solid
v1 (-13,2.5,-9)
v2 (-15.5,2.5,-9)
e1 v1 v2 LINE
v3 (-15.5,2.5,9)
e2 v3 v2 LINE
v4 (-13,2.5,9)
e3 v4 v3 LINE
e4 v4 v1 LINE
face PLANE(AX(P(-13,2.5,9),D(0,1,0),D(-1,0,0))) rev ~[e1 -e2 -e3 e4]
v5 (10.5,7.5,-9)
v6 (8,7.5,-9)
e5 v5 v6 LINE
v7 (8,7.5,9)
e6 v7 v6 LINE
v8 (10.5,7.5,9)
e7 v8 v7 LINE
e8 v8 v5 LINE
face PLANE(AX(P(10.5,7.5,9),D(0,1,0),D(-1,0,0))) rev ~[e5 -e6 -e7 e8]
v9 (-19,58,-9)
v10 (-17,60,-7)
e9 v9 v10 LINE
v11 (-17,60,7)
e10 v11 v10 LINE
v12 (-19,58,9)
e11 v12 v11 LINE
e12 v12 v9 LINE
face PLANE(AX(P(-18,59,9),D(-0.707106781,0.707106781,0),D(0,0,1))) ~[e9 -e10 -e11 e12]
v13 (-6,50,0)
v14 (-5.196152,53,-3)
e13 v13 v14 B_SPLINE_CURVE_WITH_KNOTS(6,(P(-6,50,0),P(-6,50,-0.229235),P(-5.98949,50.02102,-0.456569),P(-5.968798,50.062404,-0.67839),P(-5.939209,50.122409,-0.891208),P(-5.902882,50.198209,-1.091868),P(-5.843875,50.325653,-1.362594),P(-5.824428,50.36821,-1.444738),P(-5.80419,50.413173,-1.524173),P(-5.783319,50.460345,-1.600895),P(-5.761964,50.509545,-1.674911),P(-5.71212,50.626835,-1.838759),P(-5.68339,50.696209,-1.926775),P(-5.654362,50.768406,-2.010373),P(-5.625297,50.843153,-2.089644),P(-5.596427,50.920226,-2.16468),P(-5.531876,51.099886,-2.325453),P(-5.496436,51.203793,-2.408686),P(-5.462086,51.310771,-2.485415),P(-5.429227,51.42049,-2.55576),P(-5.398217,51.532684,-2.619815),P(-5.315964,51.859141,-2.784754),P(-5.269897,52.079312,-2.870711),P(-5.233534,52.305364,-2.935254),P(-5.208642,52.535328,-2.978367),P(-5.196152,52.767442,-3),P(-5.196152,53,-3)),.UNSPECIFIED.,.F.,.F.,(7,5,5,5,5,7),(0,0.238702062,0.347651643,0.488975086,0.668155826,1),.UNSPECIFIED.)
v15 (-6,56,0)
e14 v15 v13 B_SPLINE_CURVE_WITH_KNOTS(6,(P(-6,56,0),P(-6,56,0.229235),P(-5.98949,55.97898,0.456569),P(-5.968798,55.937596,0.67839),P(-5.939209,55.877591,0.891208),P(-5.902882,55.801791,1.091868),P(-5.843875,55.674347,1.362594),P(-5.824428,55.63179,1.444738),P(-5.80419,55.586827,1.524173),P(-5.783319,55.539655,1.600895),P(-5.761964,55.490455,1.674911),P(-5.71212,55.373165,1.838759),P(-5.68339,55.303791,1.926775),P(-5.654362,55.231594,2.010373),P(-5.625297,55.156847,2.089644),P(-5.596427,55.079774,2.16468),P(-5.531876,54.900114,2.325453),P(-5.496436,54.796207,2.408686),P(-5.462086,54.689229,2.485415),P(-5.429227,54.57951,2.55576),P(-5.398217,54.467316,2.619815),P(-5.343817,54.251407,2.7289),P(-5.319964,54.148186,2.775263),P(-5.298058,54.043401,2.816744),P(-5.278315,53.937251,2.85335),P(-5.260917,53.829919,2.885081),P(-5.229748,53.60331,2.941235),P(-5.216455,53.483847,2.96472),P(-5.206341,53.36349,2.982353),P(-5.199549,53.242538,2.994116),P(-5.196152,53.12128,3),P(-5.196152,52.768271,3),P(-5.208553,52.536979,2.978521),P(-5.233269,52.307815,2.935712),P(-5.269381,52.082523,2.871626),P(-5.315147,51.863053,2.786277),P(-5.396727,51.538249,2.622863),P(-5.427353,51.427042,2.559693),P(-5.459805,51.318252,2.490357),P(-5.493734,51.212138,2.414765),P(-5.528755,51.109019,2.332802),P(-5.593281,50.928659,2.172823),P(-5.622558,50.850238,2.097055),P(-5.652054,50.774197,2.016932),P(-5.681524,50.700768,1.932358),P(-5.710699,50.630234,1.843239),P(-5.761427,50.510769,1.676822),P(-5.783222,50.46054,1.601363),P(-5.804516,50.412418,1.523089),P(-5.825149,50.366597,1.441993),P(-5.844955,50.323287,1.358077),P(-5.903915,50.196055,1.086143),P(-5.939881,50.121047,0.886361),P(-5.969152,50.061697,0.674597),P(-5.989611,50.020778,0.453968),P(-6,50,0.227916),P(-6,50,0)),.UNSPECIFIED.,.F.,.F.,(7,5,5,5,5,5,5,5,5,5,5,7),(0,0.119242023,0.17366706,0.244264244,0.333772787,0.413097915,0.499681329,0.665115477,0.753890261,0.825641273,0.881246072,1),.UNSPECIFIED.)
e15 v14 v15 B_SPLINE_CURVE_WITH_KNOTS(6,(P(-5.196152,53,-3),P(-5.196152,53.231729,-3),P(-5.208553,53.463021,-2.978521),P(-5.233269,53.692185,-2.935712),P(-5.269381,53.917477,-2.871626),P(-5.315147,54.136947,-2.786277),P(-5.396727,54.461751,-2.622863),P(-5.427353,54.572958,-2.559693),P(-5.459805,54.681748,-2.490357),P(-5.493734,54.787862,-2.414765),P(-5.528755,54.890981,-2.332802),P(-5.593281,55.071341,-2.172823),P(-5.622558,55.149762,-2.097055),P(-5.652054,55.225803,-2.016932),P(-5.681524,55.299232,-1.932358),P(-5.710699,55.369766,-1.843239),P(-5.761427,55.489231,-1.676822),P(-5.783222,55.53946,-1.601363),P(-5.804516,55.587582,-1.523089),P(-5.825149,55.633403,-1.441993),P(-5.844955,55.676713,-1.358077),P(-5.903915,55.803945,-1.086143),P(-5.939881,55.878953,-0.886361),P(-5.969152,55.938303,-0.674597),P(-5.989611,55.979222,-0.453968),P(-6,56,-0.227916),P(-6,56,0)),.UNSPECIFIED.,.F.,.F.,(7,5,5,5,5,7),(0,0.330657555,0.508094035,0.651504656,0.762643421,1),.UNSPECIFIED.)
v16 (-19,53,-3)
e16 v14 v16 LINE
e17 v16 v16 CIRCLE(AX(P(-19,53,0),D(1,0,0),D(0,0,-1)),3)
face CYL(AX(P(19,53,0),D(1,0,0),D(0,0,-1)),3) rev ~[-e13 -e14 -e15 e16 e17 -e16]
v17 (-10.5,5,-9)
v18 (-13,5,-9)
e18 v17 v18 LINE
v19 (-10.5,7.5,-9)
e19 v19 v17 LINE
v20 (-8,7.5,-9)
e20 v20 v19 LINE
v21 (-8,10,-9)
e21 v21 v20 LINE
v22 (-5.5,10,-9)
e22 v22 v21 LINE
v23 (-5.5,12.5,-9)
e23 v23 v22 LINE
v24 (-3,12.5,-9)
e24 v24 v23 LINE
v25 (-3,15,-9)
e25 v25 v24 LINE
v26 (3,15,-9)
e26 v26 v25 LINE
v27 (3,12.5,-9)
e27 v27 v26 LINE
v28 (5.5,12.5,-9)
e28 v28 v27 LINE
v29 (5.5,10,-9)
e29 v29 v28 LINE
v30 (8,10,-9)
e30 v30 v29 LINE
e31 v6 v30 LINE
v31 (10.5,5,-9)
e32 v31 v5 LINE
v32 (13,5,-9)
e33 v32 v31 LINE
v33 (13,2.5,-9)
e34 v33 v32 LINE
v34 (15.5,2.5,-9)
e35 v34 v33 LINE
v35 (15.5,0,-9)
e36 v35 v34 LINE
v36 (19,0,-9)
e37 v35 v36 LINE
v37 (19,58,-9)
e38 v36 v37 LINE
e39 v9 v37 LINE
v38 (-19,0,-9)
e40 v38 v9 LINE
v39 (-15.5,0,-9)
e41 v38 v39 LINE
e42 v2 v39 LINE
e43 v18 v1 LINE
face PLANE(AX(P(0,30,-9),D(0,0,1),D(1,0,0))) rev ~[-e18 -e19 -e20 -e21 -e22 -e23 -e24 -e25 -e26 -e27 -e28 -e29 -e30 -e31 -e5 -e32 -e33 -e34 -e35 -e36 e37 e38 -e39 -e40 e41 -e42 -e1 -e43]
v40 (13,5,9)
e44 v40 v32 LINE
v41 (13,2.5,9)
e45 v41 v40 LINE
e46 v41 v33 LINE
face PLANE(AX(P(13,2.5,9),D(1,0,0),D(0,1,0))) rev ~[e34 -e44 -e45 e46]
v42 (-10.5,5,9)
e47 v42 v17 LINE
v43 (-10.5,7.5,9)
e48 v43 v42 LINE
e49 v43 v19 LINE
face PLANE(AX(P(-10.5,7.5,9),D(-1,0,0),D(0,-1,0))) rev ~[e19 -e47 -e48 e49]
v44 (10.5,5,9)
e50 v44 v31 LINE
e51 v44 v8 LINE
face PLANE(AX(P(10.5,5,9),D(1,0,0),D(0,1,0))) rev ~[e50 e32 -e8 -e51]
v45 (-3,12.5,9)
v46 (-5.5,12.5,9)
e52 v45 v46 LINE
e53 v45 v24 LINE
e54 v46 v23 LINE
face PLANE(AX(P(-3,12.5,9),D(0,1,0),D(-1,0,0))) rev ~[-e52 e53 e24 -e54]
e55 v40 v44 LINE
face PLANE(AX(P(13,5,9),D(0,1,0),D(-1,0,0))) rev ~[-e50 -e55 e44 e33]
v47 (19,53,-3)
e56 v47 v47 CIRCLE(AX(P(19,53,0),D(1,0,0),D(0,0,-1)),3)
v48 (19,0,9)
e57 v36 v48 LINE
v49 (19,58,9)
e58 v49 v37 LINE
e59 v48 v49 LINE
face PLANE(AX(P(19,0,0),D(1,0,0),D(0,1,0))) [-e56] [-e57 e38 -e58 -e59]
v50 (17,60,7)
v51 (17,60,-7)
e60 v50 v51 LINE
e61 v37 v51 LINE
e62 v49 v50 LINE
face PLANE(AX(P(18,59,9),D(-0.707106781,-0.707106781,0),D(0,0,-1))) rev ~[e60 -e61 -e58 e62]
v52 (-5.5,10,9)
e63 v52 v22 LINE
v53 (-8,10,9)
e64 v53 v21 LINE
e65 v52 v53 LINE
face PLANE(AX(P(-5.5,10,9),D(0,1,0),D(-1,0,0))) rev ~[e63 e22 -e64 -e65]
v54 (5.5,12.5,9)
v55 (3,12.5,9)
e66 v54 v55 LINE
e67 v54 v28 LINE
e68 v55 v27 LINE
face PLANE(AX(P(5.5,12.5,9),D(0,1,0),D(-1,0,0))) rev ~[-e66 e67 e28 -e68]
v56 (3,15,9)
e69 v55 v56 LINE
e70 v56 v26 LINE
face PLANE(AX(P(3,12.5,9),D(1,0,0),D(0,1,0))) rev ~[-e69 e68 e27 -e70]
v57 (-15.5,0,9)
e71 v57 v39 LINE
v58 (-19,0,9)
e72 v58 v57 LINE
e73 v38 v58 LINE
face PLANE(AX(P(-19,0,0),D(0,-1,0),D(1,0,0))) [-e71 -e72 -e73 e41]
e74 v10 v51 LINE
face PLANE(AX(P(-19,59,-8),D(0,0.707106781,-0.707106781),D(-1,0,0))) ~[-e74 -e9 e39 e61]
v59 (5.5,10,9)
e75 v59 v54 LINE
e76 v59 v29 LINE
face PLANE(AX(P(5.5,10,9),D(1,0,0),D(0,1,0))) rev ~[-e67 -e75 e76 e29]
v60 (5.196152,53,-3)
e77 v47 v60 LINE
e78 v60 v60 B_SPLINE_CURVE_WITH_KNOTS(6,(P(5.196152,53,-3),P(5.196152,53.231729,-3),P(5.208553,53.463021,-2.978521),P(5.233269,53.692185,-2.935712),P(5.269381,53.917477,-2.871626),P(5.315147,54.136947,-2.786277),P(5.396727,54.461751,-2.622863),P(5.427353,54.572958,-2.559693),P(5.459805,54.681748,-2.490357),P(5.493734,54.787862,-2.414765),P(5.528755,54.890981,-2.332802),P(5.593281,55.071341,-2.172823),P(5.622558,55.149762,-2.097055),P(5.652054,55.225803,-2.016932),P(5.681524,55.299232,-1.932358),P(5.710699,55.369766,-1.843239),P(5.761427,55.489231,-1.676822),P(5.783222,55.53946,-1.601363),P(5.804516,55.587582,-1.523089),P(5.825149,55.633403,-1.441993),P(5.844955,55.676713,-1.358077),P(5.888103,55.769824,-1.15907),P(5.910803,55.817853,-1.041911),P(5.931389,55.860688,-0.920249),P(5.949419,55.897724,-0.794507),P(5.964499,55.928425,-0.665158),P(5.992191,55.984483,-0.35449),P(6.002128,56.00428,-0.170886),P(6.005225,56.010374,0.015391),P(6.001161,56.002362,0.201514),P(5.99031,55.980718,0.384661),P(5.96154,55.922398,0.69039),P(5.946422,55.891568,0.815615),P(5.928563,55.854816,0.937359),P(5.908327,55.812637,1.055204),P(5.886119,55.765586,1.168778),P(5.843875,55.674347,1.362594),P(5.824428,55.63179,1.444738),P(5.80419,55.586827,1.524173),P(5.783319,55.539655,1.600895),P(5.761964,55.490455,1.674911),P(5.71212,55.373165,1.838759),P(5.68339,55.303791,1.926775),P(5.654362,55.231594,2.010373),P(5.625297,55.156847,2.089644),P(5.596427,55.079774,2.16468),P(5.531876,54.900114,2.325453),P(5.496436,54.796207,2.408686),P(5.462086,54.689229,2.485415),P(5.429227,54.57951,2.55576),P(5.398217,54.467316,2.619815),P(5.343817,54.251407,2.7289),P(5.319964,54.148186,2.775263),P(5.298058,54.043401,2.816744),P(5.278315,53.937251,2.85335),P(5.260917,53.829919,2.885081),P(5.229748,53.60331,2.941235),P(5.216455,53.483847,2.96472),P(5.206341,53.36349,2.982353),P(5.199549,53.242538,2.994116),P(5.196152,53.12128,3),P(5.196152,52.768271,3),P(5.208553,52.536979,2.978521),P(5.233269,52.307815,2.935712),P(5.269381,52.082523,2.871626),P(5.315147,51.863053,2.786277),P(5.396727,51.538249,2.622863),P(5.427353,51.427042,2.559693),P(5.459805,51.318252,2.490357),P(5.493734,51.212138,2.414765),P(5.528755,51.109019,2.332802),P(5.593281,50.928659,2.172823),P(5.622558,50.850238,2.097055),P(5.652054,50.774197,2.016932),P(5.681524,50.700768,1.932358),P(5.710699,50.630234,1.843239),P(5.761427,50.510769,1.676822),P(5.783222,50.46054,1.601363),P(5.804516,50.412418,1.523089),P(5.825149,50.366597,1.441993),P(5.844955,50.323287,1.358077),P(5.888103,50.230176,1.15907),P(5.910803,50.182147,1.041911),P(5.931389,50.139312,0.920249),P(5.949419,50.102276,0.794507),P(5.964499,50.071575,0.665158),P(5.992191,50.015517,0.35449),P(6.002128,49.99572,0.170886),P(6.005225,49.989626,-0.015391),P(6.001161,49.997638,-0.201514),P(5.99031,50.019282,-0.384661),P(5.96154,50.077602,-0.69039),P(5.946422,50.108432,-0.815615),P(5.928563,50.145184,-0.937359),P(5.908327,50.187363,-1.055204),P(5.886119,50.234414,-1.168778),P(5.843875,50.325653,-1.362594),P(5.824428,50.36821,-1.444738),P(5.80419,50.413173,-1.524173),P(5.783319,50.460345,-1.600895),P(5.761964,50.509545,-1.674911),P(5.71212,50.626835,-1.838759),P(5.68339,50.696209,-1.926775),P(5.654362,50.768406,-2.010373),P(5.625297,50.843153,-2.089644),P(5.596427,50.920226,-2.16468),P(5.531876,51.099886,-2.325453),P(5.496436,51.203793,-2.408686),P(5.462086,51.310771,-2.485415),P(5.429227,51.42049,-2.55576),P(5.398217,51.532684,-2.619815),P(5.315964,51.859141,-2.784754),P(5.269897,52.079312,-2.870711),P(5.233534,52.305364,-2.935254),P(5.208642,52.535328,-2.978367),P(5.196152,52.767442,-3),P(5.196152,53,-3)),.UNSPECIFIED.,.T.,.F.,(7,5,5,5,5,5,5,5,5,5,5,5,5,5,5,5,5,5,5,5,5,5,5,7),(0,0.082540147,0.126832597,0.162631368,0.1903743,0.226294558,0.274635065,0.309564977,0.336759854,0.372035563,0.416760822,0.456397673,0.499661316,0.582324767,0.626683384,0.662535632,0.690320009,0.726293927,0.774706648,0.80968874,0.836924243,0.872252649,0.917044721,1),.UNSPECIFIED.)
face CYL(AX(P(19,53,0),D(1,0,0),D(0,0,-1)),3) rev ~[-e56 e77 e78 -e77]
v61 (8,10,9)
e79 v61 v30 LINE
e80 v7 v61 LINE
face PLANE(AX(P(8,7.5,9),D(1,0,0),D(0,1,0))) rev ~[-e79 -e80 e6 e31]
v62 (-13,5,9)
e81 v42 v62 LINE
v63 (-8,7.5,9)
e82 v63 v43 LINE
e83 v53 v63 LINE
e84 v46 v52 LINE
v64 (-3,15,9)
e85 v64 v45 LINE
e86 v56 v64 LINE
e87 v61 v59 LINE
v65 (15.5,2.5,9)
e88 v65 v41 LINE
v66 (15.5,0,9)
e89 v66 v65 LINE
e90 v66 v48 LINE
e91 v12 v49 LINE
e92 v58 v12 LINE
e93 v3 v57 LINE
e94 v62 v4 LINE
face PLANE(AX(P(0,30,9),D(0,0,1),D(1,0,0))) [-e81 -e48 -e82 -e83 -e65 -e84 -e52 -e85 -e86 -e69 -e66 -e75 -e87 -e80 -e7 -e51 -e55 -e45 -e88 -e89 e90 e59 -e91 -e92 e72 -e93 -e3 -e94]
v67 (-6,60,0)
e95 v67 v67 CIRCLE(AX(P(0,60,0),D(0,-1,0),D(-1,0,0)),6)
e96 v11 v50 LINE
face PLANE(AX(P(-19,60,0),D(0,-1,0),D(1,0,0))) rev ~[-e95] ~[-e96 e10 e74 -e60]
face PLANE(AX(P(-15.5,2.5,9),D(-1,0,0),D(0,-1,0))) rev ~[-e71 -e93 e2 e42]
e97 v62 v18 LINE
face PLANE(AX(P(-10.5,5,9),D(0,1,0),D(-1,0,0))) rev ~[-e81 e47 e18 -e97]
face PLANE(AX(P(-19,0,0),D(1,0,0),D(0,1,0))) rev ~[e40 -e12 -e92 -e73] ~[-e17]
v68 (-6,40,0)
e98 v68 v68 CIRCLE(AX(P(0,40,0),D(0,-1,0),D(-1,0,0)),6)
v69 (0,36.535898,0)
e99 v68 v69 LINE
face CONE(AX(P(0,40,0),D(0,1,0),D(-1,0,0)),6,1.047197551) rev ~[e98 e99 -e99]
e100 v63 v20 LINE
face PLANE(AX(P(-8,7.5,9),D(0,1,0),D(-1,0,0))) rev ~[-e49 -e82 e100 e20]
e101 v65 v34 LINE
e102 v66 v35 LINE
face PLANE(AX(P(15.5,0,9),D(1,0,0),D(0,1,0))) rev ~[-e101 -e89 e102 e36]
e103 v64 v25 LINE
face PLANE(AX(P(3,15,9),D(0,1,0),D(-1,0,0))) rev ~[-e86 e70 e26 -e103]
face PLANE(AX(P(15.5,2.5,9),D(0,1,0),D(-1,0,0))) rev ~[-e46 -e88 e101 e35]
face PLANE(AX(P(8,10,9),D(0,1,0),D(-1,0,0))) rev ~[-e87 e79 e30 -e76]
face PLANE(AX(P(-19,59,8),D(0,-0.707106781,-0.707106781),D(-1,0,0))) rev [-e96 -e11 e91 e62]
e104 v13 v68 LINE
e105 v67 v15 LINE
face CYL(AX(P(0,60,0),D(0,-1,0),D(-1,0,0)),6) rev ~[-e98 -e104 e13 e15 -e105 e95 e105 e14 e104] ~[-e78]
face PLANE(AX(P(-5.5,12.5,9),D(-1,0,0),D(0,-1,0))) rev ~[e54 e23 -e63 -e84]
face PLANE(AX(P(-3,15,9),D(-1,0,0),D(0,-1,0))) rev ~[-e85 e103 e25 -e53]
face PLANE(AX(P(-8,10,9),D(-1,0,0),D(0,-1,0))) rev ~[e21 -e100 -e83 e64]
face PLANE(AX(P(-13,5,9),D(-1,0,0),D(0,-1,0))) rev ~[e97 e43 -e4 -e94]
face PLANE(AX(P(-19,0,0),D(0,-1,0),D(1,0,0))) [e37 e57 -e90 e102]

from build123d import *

# Parameters (mm, degrees)
SKETCH1_W               = 38
SKETCH1_H               = 60
BOSS_EXTRUDE1_DEPTH     = 9
CUT_EXTRUDE1_DEPTH      = 1
CUT_EXTRUDE1_DEPTH_BACK = 18
SKETCH5_R               = 3
CUT_EXTRUDE2_DEPTH      = 38
CHAMFER1_SIZE           = 2


with BuildPart() as part:
    # Sketch1 → Boss-Extrude1 (new body, symmetric)
    with BuildSketch(Plane.XY):
        with Locations((0, 30)):
            Rectangle(SKETCH1_W, SKETCH1_H)
    extrude(amount=BOSS_EXTRUDE1_DEPTH, both=True)

    # Sketch2 → Cut-Extrude1 (cut, two sides)
    with BuildSketch(Plane.XY.offset(9)) as cut_extrude1_sk:
        Polygon((-15.5, 2.5), (-15.5, 0), (15.5, 0), (15.5, 2.5), (13, 2.5), (13, 5), (10.5, 5), (10.5, 7.5), (8, 7.5), (8, 10), (5.5, 10), (5.5, 12.5), (3, 12.5), (3, 15), (-3, 15), (-3, 12.5), (-5.5, 12.5), (-5.5, 10), (-8, 10), (-8, 7.5), (-10.5, 7.5), (-10.5, 5), (-13, 5), (-13, 2.5), align=None)
    extrude(amount=CUT_EXTRUDE1_DEPTH, mode=Mode.SUBTRACT)
    extrude(cut_extrude1_sk.sketch, amount=-CUT_EXTRUDE1_DEPTH_BACK, mode=Mode.SUBTRACT)

    # Sketch4 → Cut-Revolve1 (revolve, cut)
    with BuildSketch(Plane.XY):
        Polygon((-6, 60), (-6, 40), (0, 36.535898385), (0, 60), align=None)
    revolve(axis=Axis((0, 73.07179677, 0), (0, -1, 0)), mode=Mode.SUBTRACT)

    # Sketch5 → Cut-Extrude2 (cut)
    with BuildSketch(Plane(origin=(19, 0, 0), x_dir=(0, 0, -1), z_dir=(1, 0, 0))):
        with Locations((0, 53)):
            Circle(SKETCH5_R)
    extrude(amount=-CUT_EXTRUDE2_DEPTH, mode=Mode.SUBTRACT)

    # Chamfer1
    chamfer1_edges = [part.edges().sort_by_distance(p)[0] for p in [
        (0, 60, 9),
        (0, 60, -9),
        (-19, 60, 0),
        (19, 60, 0),
    ]]
    chamfer(chamfer1_edges, length=CHAMFER1_SIZE)


solid = part.part
